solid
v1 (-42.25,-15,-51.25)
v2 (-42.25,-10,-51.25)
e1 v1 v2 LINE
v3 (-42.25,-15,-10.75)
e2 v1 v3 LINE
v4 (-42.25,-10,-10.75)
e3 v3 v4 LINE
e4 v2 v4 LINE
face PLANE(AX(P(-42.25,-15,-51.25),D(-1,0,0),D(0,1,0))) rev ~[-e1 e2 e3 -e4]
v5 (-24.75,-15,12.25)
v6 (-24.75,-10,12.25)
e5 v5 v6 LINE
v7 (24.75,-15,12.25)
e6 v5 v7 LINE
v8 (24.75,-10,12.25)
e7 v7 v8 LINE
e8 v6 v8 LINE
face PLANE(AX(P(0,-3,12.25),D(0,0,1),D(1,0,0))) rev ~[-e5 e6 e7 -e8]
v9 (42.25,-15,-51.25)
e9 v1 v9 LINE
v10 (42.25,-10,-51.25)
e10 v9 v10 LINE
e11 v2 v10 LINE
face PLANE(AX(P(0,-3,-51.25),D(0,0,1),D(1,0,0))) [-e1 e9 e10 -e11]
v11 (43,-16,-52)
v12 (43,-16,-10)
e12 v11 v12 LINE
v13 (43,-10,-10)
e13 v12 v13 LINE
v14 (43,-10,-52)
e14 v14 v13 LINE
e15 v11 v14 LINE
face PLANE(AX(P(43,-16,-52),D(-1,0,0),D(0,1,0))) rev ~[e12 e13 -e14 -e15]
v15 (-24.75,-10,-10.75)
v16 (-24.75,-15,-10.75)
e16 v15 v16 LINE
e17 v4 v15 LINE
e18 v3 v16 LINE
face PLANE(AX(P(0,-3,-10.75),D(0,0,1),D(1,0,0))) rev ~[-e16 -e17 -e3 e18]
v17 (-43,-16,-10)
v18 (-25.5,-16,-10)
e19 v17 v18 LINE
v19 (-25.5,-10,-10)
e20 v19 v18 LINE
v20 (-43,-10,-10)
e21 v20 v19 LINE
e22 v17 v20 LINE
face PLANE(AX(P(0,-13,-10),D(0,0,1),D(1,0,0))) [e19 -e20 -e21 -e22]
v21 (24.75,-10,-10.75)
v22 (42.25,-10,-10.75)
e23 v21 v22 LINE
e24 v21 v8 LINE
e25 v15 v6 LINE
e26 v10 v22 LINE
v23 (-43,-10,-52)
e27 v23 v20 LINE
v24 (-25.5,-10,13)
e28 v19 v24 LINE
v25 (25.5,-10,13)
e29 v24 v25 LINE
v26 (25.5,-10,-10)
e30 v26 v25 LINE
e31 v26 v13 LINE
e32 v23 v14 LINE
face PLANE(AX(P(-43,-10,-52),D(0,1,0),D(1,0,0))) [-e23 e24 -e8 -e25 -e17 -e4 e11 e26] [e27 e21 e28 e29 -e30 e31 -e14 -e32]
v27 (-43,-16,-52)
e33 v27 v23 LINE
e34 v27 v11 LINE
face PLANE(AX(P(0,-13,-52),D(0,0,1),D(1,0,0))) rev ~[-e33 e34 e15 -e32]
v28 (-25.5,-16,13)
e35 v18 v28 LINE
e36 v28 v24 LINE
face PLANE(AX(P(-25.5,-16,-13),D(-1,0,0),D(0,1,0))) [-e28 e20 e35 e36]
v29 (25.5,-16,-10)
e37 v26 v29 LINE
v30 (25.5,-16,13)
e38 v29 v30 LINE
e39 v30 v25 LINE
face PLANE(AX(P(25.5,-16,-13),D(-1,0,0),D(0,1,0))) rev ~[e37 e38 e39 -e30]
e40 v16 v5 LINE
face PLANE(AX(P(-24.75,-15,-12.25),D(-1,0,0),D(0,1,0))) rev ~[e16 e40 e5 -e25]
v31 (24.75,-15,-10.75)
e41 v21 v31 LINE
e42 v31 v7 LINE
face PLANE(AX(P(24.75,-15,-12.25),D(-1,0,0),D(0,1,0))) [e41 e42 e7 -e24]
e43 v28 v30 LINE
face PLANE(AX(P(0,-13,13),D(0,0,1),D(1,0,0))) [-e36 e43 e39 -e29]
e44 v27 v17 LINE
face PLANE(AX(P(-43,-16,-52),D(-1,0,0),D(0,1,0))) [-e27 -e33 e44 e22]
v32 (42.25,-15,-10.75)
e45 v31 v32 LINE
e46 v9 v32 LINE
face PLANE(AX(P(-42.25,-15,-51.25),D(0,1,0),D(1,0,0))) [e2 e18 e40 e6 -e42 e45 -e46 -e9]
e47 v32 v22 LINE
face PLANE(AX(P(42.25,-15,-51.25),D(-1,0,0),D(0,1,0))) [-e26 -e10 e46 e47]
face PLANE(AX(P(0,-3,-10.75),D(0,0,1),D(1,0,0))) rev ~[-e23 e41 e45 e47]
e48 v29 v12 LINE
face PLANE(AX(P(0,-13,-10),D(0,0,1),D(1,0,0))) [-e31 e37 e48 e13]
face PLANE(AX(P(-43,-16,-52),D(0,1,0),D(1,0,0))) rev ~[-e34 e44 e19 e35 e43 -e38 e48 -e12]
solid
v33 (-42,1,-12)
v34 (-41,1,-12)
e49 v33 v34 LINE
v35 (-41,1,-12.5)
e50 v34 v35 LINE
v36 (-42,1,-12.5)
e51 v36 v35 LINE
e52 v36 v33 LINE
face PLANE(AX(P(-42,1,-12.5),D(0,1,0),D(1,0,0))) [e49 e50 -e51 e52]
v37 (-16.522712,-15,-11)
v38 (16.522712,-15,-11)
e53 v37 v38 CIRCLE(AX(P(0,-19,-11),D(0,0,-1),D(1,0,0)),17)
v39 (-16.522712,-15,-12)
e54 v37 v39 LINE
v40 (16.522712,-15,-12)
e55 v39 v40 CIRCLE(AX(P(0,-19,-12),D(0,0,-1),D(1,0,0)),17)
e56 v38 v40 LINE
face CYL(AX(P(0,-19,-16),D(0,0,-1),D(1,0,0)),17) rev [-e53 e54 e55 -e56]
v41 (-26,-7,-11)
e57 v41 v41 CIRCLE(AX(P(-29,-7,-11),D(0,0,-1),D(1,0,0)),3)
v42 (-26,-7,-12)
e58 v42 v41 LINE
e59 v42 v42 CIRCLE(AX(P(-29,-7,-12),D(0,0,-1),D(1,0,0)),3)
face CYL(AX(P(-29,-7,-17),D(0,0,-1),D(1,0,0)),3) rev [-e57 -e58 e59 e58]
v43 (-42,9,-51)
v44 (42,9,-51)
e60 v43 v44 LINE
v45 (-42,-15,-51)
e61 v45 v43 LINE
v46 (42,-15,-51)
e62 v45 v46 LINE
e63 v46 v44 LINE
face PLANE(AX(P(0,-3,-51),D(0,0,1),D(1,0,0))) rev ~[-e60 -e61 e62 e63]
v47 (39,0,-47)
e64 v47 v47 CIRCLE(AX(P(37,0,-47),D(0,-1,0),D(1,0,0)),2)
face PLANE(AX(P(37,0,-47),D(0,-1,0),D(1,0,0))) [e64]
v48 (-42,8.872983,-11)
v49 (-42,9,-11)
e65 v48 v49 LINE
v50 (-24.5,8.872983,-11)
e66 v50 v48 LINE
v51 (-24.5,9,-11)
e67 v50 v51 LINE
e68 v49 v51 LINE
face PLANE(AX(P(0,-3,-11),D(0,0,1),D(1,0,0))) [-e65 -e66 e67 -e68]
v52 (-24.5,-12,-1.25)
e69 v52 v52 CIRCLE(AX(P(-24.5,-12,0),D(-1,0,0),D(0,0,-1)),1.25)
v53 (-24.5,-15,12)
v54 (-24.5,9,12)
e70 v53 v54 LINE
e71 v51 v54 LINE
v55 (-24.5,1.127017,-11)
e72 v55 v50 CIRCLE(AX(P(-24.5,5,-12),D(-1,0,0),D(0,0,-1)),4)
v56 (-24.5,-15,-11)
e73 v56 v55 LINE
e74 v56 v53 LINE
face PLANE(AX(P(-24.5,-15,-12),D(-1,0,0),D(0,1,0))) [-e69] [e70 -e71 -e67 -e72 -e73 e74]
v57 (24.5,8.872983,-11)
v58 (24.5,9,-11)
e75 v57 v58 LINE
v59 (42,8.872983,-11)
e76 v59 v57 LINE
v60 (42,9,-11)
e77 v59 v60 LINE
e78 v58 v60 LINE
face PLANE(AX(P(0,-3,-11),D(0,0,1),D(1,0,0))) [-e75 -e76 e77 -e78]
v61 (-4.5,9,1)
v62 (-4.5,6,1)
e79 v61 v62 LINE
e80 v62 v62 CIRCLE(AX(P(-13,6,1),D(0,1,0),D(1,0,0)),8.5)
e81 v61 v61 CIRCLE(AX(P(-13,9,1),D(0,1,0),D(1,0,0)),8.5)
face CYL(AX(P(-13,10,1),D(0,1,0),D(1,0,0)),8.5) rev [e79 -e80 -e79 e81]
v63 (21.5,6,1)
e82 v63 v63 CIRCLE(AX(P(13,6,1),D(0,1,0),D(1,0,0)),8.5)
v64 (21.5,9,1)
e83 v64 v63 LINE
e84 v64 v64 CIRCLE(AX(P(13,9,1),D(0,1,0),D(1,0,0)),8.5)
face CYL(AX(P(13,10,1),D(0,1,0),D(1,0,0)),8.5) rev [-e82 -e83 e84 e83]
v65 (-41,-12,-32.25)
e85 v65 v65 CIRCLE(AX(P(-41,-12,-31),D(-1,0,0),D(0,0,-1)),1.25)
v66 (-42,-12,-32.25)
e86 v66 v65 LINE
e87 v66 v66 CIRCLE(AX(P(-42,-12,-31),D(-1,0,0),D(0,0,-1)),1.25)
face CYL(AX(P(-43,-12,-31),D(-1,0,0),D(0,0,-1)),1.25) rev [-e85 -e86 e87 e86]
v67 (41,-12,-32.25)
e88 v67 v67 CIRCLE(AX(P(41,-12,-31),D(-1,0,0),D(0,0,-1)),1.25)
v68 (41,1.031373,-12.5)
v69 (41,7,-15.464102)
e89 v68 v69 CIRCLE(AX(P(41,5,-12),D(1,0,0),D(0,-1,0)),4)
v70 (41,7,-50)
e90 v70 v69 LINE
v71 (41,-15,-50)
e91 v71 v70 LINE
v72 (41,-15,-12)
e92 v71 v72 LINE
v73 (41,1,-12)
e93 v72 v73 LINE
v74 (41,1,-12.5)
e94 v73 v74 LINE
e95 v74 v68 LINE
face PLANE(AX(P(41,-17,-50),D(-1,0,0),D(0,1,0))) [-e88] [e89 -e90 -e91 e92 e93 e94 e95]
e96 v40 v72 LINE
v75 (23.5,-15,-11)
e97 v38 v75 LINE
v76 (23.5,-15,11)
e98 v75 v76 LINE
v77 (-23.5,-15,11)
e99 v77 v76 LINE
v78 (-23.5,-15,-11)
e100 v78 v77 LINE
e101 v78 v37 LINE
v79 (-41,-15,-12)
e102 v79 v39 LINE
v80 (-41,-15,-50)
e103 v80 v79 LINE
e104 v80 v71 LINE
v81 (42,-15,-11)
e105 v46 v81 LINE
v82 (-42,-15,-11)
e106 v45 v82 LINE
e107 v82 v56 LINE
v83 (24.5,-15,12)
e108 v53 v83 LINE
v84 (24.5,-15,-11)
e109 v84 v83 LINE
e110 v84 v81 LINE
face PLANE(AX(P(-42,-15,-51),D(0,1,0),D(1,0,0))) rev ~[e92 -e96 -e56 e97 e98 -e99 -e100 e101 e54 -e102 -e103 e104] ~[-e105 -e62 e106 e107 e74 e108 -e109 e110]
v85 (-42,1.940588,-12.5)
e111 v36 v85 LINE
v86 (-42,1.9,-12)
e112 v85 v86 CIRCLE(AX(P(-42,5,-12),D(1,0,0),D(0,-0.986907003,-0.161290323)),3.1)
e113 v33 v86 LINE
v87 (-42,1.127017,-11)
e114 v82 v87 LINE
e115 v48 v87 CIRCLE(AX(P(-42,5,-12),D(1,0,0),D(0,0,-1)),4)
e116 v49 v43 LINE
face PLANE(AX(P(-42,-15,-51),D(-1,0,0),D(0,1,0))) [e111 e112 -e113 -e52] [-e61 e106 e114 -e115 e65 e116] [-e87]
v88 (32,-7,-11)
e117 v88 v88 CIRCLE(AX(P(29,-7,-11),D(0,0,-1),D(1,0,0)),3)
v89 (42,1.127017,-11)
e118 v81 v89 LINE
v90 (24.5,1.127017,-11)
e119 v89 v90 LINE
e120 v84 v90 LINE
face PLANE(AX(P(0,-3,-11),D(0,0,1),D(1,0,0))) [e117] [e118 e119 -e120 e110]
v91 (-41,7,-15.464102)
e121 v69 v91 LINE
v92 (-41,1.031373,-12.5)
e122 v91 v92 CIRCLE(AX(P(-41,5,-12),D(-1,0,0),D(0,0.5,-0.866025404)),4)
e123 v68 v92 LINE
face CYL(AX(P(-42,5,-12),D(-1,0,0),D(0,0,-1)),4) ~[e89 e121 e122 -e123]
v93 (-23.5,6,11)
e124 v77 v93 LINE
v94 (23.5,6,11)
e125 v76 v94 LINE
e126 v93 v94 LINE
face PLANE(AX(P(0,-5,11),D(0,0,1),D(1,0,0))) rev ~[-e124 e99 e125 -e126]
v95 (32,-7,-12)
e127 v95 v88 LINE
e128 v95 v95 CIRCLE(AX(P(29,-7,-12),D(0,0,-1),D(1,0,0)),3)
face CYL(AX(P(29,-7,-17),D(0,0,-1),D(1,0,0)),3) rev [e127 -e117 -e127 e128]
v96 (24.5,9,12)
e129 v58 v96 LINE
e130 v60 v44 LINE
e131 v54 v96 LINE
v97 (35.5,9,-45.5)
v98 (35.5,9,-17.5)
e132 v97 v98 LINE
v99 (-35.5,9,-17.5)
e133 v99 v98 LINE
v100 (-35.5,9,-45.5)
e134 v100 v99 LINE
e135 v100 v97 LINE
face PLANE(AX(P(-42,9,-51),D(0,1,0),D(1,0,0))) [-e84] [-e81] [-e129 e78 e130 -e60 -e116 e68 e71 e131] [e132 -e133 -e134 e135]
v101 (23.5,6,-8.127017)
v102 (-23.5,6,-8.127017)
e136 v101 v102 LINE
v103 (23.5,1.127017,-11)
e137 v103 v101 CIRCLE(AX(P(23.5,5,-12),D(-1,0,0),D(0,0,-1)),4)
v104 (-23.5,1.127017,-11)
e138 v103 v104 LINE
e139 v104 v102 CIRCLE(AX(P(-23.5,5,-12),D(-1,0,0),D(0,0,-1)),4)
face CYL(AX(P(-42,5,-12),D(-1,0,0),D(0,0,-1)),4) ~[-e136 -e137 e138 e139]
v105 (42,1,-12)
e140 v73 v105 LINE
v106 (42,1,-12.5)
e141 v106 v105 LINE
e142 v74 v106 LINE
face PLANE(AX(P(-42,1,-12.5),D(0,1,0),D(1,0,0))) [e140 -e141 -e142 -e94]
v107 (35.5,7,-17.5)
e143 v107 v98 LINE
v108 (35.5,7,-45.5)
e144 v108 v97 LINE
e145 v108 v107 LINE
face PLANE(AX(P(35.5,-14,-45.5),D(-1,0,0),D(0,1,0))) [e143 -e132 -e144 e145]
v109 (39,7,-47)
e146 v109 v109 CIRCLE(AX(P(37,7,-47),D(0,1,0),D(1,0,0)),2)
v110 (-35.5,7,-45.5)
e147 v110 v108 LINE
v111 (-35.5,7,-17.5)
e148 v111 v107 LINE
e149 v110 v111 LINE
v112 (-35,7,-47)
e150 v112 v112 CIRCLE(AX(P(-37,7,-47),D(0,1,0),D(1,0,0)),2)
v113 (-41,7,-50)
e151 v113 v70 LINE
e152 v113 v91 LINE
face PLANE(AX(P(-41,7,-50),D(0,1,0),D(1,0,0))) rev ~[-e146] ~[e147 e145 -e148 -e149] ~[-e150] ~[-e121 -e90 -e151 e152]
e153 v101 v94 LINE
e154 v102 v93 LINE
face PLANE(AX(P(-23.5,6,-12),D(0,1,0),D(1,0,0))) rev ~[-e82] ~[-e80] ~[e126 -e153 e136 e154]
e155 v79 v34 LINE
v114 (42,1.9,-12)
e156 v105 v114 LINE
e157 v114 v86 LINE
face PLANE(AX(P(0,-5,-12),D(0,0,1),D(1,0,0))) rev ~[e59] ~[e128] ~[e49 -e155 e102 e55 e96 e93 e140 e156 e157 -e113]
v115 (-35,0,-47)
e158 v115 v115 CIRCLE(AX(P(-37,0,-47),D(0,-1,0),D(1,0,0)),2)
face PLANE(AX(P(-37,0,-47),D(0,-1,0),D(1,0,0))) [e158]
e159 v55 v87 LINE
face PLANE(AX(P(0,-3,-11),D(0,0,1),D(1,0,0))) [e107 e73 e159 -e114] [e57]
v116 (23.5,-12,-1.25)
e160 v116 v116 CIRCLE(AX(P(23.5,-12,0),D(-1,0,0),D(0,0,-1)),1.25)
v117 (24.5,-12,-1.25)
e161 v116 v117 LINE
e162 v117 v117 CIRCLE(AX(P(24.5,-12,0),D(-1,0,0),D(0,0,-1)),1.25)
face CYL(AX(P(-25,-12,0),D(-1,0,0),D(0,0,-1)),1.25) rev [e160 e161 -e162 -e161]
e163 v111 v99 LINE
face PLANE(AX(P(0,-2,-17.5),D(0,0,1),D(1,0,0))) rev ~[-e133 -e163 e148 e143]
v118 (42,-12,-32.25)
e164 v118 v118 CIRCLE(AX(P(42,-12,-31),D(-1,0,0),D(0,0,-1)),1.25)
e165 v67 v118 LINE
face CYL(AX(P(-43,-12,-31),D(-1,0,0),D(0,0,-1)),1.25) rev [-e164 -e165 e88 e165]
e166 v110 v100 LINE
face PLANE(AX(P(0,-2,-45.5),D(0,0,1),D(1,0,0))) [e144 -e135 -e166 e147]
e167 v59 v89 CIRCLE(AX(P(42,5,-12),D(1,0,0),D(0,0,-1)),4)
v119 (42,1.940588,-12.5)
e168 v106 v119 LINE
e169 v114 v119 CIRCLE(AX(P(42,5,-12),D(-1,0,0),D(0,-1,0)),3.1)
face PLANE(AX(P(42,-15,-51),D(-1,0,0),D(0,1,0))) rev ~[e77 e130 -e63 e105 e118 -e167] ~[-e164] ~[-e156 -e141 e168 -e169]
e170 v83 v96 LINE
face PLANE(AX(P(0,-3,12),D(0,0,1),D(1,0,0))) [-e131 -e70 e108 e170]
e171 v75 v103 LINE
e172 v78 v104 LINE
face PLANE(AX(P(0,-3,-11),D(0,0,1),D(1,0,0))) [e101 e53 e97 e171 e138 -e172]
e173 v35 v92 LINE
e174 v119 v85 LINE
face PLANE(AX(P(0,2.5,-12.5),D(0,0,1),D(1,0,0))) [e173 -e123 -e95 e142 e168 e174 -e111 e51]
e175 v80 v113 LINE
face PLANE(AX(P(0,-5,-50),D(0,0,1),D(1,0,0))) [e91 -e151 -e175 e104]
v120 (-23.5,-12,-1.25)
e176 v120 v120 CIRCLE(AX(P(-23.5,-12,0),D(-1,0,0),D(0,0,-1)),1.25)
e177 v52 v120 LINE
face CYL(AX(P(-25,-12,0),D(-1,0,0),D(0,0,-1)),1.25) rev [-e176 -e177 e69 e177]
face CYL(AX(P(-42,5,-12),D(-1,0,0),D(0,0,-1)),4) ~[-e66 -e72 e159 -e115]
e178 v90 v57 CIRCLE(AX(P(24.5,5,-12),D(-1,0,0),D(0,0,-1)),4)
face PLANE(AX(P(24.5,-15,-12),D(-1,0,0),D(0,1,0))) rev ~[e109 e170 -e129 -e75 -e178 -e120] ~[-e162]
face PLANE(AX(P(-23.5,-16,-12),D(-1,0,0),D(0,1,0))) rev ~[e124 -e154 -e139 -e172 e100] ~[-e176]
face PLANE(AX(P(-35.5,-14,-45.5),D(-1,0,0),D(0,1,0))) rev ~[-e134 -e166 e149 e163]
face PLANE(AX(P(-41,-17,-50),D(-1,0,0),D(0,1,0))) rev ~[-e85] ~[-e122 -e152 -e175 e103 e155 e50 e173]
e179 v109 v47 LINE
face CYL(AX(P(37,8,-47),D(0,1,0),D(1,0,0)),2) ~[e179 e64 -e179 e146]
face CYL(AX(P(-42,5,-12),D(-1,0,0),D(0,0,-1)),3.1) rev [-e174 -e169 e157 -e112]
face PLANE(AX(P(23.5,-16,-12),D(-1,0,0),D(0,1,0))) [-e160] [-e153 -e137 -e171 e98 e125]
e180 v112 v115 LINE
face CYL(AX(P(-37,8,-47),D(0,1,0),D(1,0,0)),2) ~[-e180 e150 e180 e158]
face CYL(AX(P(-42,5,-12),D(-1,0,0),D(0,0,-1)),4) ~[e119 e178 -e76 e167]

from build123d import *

# Parameters (mm, degrees)
CYLINDER004_R           = 1.25
CYLINDER004_DEPTH       = 50
CYLINDER004_PITCH_ANGLE = 90
CYLINDER009_R           = 1.25
CYLINDER009_DEPTH       = 86
CYLINDER009_PITCH_ANGLE = 90
CYLINDER010_R           = 3
CYLINDER010_DEPTH       = 10
CYLINDER005_R           = 3
CYLINDER005_DEPTH       = 10
BOX002_W                = 84
BOX002_H                = 3
BOX002_DEPTH            = 0.5
CYLINDER002_R           = 3.1
CYLINDER002_DEPTH       = 84
CYLINDER002_PITCH_ANGLE = 90
CYLINDER007_R           = 17
CYLINDER007_DEPTH       = 6
BOX005_W                = 71
BOX005_H                = 24
BOX005_DEPTH            = 28
BOX004_W                = 82
BOX004_H                = 24
BOX004_DEPTH            = 38
BOX003_W                = 84
BOX003_H                = 24
BOX003_DEPTH            = 40
CYLINDER003_R           = 4
CYLINDER003_DEPTH       = 84
CYLINDER003_PITCH_ANGLE = 90
CYLINDER008_R           = 2
CYLINDER008_DEPTH       = 8
CYLINDER008_ROLL_ANGLE  = 90
CYLINDER006_R           = 2
CYLINDER006_DEPTH       = 8
CYLINDER006_ROLL_ANGLE  = 90
CYLINDER001_R           = 8.5
CYLINDER001_DEPTH       = 20
CYLINDER001_ROLL_ANGLE  = 90
CYLINDER_R              = 8.5
CYLINDER_DEPTH          = 20
CYLINDER_ROLL_ANGLE     = 90
BOX001_W                = 47
BOX001_H                = 22
BOX001_DEPTH            = 23
BOX_W                   = 49
BOX_H                   = 24
BOX_DEPTH               = 24
BOX009_W                = 49.5
BOX009_H                = 24
BOX009_DEPTH            = 24.5
BOX008_W                = 84.5
BOX008_H                = 24
BOX008_DEPTH            = 40.5
BOX007_W                = 51
BOX007_H                = 6
BOX007_DEPTH            = 26
BOX006_W                = 86
BOX006_H                = 6
BOX006_DEPTH            = 42


with BuildPart() as recorte_tornillos_tapa:
    # Cylinder004 → Cylinder004 (new body)
    with BuildSketch(Plane.XY):
        Circle(CYLINDER004_R)
    extrude(amount=CYLINDER004_DEPTH)


with BuildPart() as recorte_tornillos_tapa_1:
    # Cylinder004 pitch: moved
    add(recorte_tornillos_tapa.part.rotate(Axis((0, 0, 0), (0, 1, 0)), CYLINDER004_PITCH_ANGLE))


with BuildPart() as recorte_tornillos_tapa_2:
    # Cylinder004 placement: moved
    add(recorte_tornillos_tapa_1.part.moved(Location((-25, -12, 0))))


with BuildPart() as recorte_tornillos_tapa001:
    # Cylinder009 → Cylinder009 (new body)
    with BuildSketch(Plane.XY):
        Circle(CYLINDER009_R)
    extrude(amount=CYLINDER009_DEPTH)


with BuildPart() as recorte_tornillos_tapa001_1:
    # Cylinder009 pitch: moved
    add(recorte_tornillos_tapa001.part.rotate(Axis((0, 0, 0), (0, 1, 0)), CYLINDER009_PITCH_ANGLE))


with BuildPart() as recorte_tornillos_tapa001_2:
    # Cylinder009 placement: moved
    add(recorte_tornillos_tapa001_1.part.moved(Location((-43, -12, -31))))


with BuildPart() as recorte_cables001:
    # Cylinder010 → Cylinder010 (new body)
    with BuildSketch(Plane(origin=(-29, -7, -17), x_dir=(1, 0, 0), z_dir=(0, 0, 1))):
        Circle(CYLINDER010_R)
    extrude(amount=CYLINDER010_DEPTH)


with BuildPart() as fusion002:
    # Cylinder005 → Cylinder005 (new body)
    with BuildSketch(Plane(origin=(29, -7, -17), x_dir=(1, 0, 0), z_dir=(0, 0, 1))):
        Circle(CYLINDER005_R)
    extrude(amount=CYLINDER005_DEPTH)

    # Fusion002: union recorte tornillos tapa, recorte tornillos tapa001, recorte cables001
    add(recorte_tornillos_tapa_2.part)
    add(recorte_tornillos_tapa001_2.part)
    add(recorte_cables001.part)


with BuildPart() as recorte_eje:
    # Box002 → Box002 (new body)
    with BuildSketch(Plane(origin=(-42, 1, -12.5), x_dir=(1, 0, 0), z_dir=(0, 0, 1))):
        with Locations((42, 1.5)):
            Rectangle(BOX002_W, BOX002_H)
    extrude(amount=BOX002_DEPTH)


with BuildPart() as recorte_central_eje:
    # Cylinder002 → Cylinder002 (new body)
    with BuildSketch(Plane.XY):
        Circle(CYLINDER002_R)
    extrude(amount=CYLINDER002_DEPTH)


with BuildPart() as recorte_central_eje_1:
    # Cylinder002 pitch: moved
    add(recorte_central_eje.part.rotate(Axis((0, 0, 0), (0, 1, 0)), CYLINDER002_PITCH_ANGLE))


with BuildPart() as recorte_central_eje_2:
    # Cylinder002 placement: moved
    add(recorte_central_eje_1.part.moved(Location((-42, 5, -12))))


with BuildPart() as recorte_pasos:
    # Cylinder007 → Cylinder007 (new body)
    with BuildSketch(Plane(origin=(0, -19, -16), x_dir=(1, 0, 0), z_dir=(0, 0, 1))):
        Circle(CYLINDER007_R)
    extrude(amount=CYLINDER007_DEPTH)


with BuildPart() as recorte_lcd:
    # Box005 → Box005 (new body)
    with BuildSketch(Plane(origin=(-35.5, -14, -45.5), x_dir=(1, 0, 0), z_dir=(0, 0, 1))):
        with Locations((35.5, 12)):
            Rectangle(BOX005_W, BOX005_H)
    extrude(amount=BOX005_DEPTH)


with BuildPart() as recorte_baselcd:
    # Box004 → Box004 (new body)
    with BuildSketch(Plane(origin=(-41, -17, -50), x_dir=(1, 0, 0), z_dir=(0, 0, 1))):
        with Locations((41, 12)):
            Rectangle(BOX004_W, BOX004_H)
    extrude(amount=BOX004_DEPTH)


with BuildPart() as base_lcd:
    # Box003 → Box003 (new body)
    with BuildSketch(Plane(origin=(-42, -15, -51), x_dir=(1, 0, 0), z_dir=(0, 0, 1))):
        with Locations((42, 12)):
            Rectangle(BOX003_W, BOX003_H)
    extrude(amount=BOX003_DEPTH)

    # Cut002: cut recorte_baseLCD
    add(recorte_baselcd.part, mode=Mode.SUBTRACT)

    # Cut003: cut recorte_LCD
    add(recorte_lcd.part, mode=Mode.SUBTRACT)


with BuildPart() as eje_central:
    # Cylinder003 → Cylinder003 (new body)
    with BuildSketch(Plane.XY):
        Circle(CYLINDER003_R)
    extrude(amount=CYLINDER003_DEPTH)


with BuildPart() as eje_central_1:
    # Cylinder003 pitch: moved
    add(eje_central.part.rotate(Axis((0, 0, 0), (0, 1, 0)), CYLINDER003_PITCH_ANGLE))


with BuildPart() as eje_central_2:
    # Cylinder003 placement: moved
    add(eje_central_1.part.moved(Location((-42, 5, -12))))


with BuildPart() as cylinder008:
    # Cylinder008 → Cylinder008 (new body)
    with BuildSketch(Plane.XY):
        Circle(CYLINDER008_R)
    extrude(amount=CYLINDER008_DEPTH)


with BuildPart() as cylinder008_1:
    # Cylinder008 roll: moved
    add(cylinder008.part.rotate(Axis((0, 0, 0), (1, 0, 0)), CYLINDER008_ROLL_ANGLE))


with BuildPart() as cylinder008_2:
    # Cylinder008 placement: moved
    add(cylinder008_1.part.moved(Location((37, 8, -47))))


with BuildPart() as cylinder006:
    # Cylinder006 → Cylinder006 (new body)
    with BuildSketch(Plane.XY):
        Circle(CYLINDER006_R)
    extrude(amount=CYLINDER006_DEPTH)


with BuildPart() as cylinder006_1:
    # Cylinder006 roll: moved
    add(cylinder006.part.rotate(Axis((0, 0, 0), (1, 0, 0)), CYLINDER006_ROLL_ANGLE))


with BuildPart() as cylinder006_2:
    # Cylinder006 placement: moved
    add(cylinder006_1.part.moved(Location((-37, 8, -47))))


with BuildPart() as ultrasoun002:
    # Cylinder001 → Cylinder001 (new body)
    with BuildSketch(Plane.XY):
        Circle(CYLINDER001_R)
    extrude(amount=CYLINDER001_DEPTH)


with BuildPart() as ultrasoun002_1:
    # Cylinder001 roll: moved
    add(ultrasoun002.part.rotate(Axis((0, 0, 0), (1, 0, 0)), CYLINDER001_ROLL_ANGLE))


with BuildPart() as ultrasoun002_2:
    # Cylinder001 placement: moved
    add(ultrasoun002_1.part.moved(Location((13, 10, 0))))


with BuildPart() as f_2xultrasonidos:
    # Cylinder → Cylinder (new body)
    with BuildSketch(Plane.XY):
        Circle(CYLINDER_R)
    extrude(amount=CYLINDER_DEPTH)


with BuildPart() as f_2xultrasonidos_1:
    # Cylinder roll: moved
    add(f_2xultrasonidos.part.rotate(Axis((0, 0, 0), (1, 0, 0)), CYLINDER_ROLL_ANGLE))


with BuildPart() as f_2xultrasonidos_2:
    # Cylinder placement: moved
    add(f_2xultrasonidos_1.part.moved(Location((-13, 10, 0))))

    # Fusion: union ultraSoun002
    add(ultrasoun002_2.part)


with BuildPart() as f_2xultrasonidos_3:
    # Fusion placement: moved
    add(f_2xultrasonidos_2.part.moved(Location((0, 0, 1))))


with BuildPart() as recote_base:
    # Box001 → Box001 (new body)
    with BuildSketch(Plane(origin=(-23.5, -16, -12), x_dir=(1, 0, 0), z_dir=(0, 0, 1))):
        with Locations((23.5, 11)):
            Rectangle(BOX001_W, BOX001_H)
    extrude(amount=BOX001_DEPTH)


with BuildPart() as lcd_arduino_holder:
    # Box → Box (new body)
    with BuildSketch(Plane(origin=(-24.5, -15, -12), x_dir=(1, 0, 0), z_dir=(0, 0, 1))):
        with Locations((24.5, 12)):
            Rectangle(BOX_W, BOX_H)
    extrude(amount=BOX_DEPTH)

    # Cut: cut recote base
    add(recote_base.part, mode=Mode.SUBTRACT)

    # Cut001: cut 2xUltrasonidos
    add(f_2xultrasonidos_3.part, mode=Mode.SUBTRACT)

    # Fusion001: union base lcd, eje_central, Cylinder008, Cylinder006
    add(base_lcd.part)
    add(eje_central_2.part)
    add(cylinder008_2.part)
    add(cylinder006_2.part)

    # Cut004: cut recorte pasos
    add(recorte_pasos.part, mode=Mode.SUBTRACT)

    # Cut005: cut recorte central eje
    add(recorte_central_eje_2.part, mode=Mode.SUBTRACT)

    # Cut006: cut recorte eje
    add(recorte_eje.part, mode=Mode.SUBTRACT)

    # Cut007: cut Fusion002
    add(fusion002.part, mode=Mode.SUBTRACT)


with BuildPart() as base_bot002:
    # Box009 → Box009 (new body)
    with BuildSketch(Plane(origin=(-24.75, -15, -12.25), x_dir=(1, 0, 0), z_dir=(0, 0, 1))):
        with Locations((24.75, 12)):
            Rectangle(BOX009_W, BOX009_H)
    extrude(amount=BOX009_DEPTH)


with BuildPart() as fusion004:
    # Box008 → Box008 (new body)
    with BuildSketch(Plane(origin=(-42.25, -15, -51.25), x_dir=(1, 0, 0), z_dir=(0, 0, 1))):
        with Locations((42.25, 12)):
            Rectangle(BOX008_W, BOX008_H)
    extrude(amount=BOX008_DEPTH)

    # Fusion004: union base_bot002
    add(base_bot002.part)


with BuildPart() as base_bot001:
    # Box007 → Box007 (new body)
    with BuildSketch(Plane(origin=(-25.5, -16, -13), x_dir=(1, 0, 0), z_dir=(0, 0, 1))):
        with Locations((25.5, 3)):
            Rectangle(BOX007_W, BOX007_H)
    extrude(amount=BOX007_DEPTH)


with BuildPart() as cover:
    # Box006 → Box006 (new body)
    with BuildSketch(Plane(origin=(-43, -16, -52), x_dir=(1, 0, 0), z_dir=(0, 0, 1))):
        with Locations((43, 3)):
            Rectangle(BOX006_W, BOX006_H)
    extrude(amount=BOX006_DEPTH)

    # Fusion003: union base_bot001
    add(base_bot001.part)

    # Cut008: cut Fusion004
    add(fusion004.part, mode=Mode.SUBTRACT)


solid = Compound([lcd_arduino_holder.part, cover.part])
